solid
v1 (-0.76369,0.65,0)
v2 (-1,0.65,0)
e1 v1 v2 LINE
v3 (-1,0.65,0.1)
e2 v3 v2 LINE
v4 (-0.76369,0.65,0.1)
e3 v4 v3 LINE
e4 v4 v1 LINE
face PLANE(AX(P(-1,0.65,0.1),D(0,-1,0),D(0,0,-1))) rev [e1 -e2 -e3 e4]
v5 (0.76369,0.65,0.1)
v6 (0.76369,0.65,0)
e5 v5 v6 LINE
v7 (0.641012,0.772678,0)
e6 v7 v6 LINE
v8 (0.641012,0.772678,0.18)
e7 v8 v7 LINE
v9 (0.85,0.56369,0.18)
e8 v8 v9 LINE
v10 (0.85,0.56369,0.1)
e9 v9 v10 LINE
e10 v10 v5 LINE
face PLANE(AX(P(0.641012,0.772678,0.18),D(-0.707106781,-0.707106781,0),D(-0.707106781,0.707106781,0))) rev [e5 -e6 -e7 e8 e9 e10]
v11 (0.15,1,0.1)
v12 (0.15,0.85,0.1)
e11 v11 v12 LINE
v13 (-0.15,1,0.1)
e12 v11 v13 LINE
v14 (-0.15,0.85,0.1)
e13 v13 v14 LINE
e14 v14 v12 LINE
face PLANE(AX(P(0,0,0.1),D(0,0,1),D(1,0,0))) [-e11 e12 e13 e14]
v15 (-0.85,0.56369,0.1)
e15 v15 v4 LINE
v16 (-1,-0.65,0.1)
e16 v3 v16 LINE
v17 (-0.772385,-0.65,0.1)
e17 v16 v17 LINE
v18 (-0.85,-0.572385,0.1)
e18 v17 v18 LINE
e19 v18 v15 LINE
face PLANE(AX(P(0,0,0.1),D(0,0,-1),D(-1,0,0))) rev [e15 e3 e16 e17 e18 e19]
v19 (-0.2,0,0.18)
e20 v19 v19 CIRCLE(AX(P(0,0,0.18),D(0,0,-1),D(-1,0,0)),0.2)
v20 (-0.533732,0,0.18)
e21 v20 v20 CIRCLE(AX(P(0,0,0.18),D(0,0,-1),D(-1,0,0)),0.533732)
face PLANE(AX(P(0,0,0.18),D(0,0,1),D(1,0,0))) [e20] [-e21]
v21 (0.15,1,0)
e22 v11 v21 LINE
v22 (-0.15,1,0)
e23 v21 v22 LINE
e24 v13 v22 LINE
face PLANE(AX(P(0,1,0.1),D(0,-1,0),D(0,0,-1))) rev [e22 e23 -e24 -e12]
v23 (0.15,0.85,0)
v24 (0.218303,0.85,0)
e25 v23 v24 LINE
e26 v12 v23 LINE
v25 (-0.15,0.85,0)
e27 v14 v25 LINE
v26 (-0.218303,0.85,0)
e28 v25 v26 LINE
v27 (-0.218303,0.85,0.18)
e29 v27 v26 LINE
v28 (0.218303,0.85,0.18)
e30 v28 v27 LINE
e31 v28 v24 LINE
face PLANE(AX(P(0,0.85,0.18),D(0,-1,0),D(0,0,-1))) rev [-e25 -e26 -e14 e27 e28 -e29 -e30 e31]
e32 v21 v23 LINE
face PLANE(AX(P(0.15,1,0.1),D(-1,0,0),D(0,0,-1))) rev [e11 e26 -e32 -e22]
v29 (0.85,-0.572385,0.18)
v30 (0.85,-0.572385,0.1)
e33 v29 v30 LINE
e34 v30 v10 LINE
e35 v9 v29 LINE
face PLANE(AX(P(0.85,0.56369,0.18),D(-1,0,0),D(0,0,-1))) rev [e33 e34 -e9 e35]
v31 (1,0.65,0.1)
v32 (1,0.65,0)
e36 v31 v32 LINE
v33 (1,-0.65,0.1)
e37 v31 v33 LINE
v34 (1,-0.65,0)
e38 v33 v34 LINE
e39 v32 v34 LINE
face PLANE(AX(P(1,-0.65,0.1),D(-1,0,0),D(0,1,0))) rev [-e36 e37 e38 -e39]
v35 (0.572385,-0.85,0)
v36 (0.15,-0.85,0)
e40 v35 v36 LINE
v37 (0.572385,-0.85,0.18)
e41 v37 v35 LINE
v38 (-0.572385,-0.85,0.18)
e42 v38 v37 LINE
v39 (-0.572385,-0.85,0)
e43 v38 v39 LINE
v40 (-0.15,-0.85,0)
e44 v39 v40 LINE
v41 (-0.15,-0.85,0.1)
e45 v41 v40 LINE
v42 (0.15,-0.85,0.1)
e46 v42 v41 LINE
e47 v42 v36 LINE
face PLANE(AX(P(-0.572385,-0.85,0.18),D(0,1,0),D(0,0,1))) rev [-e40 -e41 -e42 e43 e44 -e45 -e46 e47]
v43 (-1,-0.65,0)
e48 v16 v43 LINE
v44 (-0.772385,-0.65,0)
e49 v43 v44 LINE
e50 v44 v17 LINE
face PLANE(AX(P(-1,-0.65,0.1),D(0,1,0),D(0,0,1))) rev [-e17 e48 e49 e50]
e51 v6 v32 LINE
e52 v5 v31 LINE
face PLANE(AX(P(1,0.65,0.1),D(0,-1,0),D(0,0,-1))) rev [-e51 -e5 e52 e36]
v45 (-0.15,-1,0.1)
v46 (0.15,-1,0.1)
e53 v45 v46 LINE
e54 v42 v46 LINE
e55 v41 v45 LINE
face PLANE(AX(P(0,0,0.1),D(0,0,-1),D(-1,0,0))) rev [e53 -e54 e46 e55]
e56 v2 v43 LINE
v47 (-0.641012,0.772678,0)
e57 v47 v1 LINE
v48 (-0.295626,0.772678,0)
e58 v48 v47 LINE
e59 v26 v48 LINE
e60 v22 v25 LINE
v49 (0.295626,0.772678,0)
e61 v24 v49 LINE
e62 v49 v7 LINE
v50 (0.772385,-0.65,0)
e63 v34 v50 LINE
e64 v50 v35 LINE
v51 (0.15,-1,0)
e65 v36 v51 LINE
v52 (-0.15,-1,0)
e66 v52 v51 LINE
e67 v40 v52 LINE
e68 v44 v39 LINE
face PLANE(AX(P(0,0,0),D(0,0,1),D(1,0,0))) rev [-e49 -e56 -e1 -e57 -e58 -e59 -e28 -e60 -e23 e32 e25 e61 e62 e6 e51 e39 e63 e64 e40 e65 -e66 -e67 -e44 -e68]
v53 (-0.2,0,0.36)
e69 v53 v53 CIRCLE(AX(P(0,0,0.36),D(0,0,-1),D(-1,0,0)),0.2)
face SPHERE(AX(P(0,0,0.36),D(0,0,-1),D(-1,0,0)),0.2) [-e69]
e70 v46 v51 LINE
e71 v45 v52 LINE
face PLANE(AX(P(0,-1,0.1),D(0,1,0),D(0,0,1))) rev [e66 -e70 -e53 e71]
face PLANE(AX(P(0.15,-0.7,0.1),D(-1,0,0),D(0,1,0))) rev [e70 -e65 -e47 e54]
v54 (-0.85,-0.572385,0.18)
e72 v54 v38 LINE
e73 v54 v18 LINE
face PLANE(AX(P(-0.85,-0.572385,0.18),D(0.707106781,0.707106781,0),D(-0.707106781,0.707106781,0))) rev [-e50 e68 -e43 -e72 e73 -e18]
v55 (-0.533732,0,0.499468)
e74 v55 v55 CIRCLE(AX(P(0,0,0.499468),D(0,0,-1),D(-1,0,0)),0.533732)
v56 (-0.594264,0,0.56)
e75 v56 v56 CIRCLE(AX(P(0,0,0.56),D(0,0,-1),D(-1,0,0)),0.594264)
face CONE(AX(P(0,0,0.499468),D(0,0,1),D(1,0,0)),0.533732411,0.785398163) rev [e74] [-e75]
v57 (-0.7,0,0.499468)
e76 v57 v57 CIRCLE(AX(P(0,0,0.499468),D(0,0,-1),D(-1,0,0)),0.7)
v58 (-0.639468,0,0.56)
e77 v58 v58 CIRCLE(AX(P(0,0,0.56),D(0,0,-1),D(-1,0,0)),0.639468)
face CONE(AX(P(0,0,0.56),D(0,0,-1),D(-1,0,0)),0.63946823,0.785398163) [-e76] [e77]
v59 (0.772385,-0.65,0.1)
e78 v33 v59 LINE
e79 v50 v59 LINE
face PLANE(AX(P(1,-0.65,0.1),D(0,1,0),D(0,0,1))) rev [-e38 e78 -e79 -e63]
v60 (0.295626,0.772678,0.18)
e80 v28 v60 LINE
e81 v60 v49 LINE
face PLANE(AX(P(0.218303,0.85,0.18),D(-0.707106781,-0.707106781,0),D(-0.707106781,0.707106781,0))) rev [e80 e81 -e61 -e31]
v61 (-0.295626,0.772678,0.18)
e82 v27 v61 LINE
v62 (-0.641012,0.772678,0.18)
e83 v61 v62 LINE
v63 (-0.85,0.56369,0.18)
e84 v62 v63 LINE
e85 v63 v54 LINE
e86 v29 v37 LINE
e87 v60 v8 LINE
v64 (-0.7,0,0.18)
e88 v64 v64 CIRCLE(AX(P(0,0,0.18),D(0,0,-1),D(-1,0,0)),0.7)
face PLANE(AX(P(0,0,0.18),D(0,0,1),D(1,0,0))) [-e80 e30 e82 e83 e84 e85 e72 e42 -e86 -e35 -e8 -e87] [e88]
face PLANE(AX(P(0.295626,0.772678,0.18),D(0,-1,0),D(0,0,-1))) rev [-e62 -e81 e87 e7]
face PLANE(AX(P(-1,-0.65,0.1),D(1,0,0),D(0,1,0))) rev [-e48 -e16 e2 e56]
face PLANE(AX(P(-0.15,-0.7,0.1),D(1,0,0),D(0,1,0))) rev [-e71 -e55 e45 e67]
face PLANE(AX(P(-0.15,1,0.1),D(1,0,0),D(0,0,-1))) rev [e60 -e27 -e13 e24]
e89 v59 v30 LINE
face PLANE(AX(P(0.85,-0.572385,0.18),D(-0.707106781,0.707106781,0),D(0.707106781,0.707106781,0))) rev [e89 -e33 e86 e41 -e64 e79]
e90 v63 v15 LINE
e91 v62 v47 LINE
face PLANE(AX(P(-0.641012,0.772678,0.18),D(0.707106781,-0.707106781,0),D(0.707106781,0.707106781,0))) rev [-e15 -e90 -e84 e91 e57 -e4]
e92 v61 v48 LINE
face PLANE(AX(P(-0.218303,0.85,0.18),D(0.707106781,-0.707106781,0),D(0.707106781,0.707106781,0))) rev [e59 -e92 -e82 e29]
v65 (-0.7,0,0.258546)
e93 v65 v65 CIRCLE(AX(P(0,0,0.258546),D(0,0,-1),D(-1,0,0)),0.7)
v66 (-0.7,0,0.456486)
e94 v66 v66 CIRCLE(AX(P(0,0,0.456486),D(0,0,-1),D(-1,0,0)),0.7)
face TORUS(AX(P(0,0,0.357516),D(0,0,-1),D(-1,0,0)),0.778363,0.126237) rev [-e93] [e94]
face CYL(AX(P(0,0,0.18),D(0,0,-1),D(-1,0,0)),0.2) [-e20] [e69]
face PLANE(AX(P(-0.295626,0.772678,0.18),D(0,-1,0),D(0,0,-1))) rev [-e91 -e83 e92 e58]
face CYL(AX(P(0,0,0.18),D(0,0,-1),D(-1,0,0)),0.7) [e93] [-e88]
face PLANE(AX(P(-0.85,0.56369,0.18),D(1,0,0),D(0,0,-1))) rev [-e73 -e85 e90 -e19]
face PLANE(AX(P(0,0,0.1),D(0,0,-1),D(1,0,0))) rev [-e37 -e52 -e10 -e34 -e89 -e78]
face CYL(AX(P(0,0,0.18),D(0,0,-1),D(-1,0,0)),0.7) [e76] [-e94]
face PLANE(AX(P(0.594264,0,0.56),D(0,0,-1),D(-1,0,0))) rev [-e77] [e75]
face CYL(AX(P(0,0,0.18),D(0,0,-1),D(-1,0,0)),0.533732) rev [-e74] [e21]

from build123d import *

# Parameters (mm, degrees)
BOSS_EXTRUDE1_DEPTH   = 0.1
SKETCH1_W             = 0.15
SKETCH1_H             = 0.3
BOSS_EXTRUDE1_2_DEPTH = 0.1
SKETCH1_W_2           = 0.3
SKETCH1_H_2           = 1.3
BOSS_EXTRUDE1_3_DEPTH = 0.1
BOSS_EXTRUDE2_DEPTH   = 0.18
SKETCH3_W             = 0.2
SKETCH3_H             = 0.38
FILLET1_R             = 0.2


with BuildPart() as part:
    # Sketch1 → Boss-Extrude1 (new body)
    with BuildSketch(Plane.XY):
        with BuildLine():
            Line((0, 1), (-0.15, 1))
            Line((-0.15, 1), (-0.15, 0.46269883))
            Line((-0.15, 0.46269883), (-0.075, 0.46269883))
            Line((-0.075, 0.46269883), (-0.075, 0.195574953))
            ThreePointArc((-0.075, 0.195574953), (-0.205961394, -0.038137467), (0, -0.209462556))
            Line((0, -0.209462556), (0, 1))
        make_face()
    boss_extrude1 = extrude(amount=BOSS_EXTRUDE1_DEPTH)



with BuildPart() as body_2:
    # Sketch1 → Boss-Extrude1 2 (new body)
    with BuildSketch(Plane.XY):
        with Locations((-0.075, -0.85)):
            Rectangle(SKETCH1_W, SKETCH1_H)
    boss_extrude1_2 = extrude(amount=BOSS_EXTRUDE1_2_DEPTH)


with BuildPart() as body_3:
    # Sketch1 → Boss-Extrude1 3 (new body)
    with BuildSketch(Plane.XY):
        with Locations((-0.85, 0)):
            Rectangle(SKETCH1_W_2, SKETCH1_H_2)
    boss_extrude1_3 = extrude(amount=BOSS_EXTRUDE1_3_DEPTH)


with BuildPart() as part_1:
    add(part.part)

    add(body_2.part)  # Boss-Extrude2 merges body 2

    add(body_3.part)  # Boss-Extrude2 merges body 3
    # Sketch2 → Boss-Extrude2 (add)
    with BuildSketch(Plane.XY):
        Polygon((0, -0.85), (0, 0.85), (-0.218303033, 0.85), (-0.295625525, 0.772677507), (-0.641012319, 0.772677507), (-0.85, 0.563689826), (-0.85, -0.572384616), (-0.572384616, -0.85), align=None)
    boss_extrude2 = extrude(amount=BOSS_EXTRUDE2_DEPTH)

    # Mirror2: Boss-Extrude1, Boss-Extrude1 2, Boss-Extrude1 3, Boss-Extrude2 across plane
    add(boss_extrude1.mirror(Plane(origin=(0, 0, 0), x_dir=(0, 0, 1), z_dir=(1, 0, 0))))
    add(boss_extrude1_2.mirror(Plane(origin=(0, 0, 0), x_dir=(0, 0, 1), z_dir=(1, 0, 0))))
    add(boss_extrude1_3.mirror(Plane(origin=(0, 0, 0), x_dir=(0, 0, 1), z_dir=(1, 0, 0))))
    add(boss_extrude2.mirror(Plane(origin=(0, 0, 0), x_dir=(0, 0, 1), z_dir=(1, 0, 0))))

    # Sketch3 → Revolve1 (revolve)
    with BuildSketch(Plane(origin=(0, 0, 0), x_dir=(1, 0, 0), z_dir=(0, 1, 0)), mode=Mode.PRIVATE) as revolve1_sk:
        with Locations((0.1, -0.37)):
            Rectangle(SKETCH3_W, SKETCH3_H)
        with BuildLine():
            Line((0.533732411, -0.18), (0.533732411, -0.49946823))
            Line((0.533732411, -0.49946823), (0.594264181, -0.56))
            Line((0.594264181, -0.56), (0.63946823, -0.56))
            Line((0.63946823, -0.56), (0.7, -0.49946823))
            Line((0.7, -0.49946823), (0.7, -0.456485922))
            ThreePointArc((0.7, -0.456485922), (0.652125774, -0.357515968), (0.7, -0.258546013))
            Line((0.7, -0.258546013), (0.7, -0.18))
            Line((0.7, -0.18), (0.533732411, -0.18))
        make_face()
    revolve(revolve1_sk.sketch.rotate(Axis((0, 0, 0.18), (0, 0, 1)), 180), axis=Axis((0, 0, 0.18), (0, 0, 1)))

    # Fillet1
    fillet1_edges = [part_1.edges().sort_by_distance(p)[0] for p in [
        (0.2, 0, 0.56),
    ]]
    fillet(fillet1_edges, radius=FILLET1_R)


solid = part_1.part
